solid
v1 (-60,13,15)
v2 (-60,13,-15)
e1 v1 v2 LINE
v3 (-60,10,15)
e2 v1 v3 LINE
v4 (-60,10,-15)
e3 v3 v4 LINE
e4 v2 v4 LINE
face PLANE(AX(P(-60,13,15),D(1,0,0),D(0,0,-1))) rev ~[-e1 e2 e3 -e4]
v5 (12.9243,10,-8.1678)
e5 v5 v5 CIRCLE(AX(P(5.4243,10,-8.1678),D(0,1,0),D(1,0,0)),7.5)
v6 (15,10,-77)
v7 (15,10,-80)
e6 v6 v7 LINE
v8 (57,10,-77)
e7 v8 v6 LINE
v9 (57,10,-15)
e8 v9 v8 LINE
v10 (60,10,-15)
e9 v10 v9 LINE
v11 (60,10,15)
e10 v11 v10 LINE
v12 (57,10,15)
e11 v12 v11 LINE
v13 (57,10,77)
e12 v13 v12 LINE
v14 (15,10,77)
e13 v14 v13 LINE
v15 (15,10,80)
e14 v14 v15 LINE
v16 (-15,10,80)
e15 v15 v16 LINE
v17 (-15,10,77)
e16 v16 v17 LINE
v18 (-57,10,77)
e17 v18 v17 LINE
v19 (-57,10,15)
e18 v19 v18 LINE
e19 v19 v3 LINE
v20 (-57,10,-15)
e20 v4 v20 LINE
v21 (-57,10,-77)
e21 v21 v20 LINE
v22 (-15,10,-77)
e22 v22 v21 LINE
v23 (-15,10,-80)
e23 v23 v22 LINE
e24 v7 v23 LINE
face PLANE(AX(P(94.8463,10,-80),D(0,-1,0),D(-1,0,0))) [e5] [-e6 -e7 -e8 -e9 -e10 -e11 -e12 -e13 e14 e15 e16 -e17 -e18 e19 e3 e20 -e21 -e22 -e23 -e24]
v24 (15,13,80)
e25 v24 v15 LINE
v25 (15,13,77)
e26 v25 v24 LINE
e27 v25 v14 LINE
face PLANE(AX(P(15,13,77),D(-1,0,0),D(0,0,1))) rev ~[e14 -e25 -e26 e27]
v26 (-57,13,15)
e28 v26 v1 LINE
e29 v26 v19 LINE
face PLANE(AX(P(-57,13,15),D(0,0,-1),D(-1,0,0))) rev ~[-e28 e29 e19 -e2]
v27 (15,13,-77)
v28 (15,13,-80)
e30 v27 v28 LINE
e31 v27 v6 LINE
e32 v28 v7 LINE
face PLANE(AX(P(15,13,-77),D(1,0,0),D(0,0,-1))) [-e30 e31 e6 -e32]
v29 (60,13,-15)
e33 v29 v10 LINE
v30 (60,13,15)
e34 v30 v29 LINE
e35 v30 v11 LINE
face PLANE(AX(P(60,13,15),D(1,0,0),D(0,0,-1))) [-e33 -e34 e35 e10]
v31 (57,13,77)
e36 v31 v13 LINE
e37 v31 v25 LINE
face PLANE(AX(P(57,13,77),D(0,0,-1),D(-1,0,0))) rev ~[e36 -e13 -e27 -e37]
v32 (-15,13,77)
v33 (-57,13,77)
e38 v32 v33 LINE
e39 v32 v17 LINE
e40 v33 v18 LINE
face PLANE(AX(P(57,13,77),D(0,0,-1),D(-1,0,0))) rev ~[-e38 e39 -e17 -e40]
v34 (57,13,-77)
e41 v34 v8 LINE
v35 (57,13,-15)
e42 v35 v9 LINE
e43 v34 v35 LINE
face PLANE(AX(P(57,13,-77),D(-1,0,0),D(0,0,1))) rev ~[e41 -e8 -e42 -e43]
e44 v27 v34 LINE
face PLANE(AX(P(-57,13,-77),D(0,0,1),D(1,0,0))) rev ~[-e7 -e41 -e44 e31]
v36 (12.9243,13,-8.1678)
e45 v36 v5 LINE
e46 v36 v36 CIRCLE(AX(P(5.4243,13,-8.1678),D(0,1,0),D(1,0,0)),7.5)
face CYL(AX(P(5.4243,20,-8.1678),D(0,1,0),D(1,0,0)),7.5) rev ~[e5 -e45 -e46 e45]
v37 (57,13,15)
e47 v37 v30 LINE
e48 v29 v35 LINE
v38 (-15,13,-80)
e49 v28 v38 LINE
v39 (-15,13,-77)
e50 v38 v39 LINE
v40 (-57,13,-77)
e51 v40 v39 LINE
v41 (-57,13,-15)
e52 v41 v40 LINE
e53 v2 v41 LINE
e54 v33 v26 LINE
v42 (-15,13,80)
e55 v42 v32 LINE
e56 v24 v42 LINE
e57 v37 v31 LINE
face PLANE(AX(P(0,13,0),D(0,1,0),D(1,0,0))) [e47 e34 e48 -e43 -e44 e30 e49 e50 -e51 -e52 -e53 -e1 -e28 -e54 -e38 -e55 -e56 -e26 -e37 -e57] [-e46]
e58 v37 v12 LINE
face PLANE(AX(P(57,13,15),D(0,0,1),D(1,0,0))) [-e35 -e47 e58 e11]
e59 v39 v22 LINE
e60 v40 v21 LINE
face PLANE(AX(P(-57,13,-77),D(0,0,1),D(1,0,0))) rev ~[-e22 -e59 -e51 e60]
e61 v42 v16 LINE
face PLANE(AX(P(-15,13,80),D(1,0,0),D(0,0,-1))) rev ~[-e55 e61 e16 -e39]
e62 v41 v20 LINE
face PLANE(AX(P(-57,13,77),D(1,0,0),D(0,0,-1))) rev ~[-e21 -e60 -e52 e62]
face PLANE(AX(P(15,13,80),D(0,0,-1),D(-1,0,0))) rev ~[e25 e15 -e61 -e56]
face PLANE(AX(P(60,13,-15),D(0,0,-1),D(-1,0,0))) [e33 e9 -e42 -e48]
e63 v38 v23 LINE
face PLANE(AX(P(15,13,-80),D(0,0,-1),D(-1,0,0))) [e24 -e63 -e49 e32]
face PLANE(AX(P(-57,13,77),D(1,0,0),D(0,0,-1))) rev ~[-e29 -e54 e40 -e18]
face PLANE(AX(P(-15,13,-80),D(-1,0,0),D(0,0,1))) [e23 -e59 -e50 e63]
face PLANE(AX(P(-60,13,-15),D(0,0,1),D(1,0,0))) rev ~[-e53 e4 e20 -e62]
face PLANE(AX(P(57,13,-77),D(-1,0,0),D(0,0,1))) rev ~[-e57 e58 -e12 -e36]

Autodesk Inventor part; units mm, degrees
ref_plane "YZ Plane" through (0, 0, 0) normal (1, 0, 0) x (0, 1, 0)
ref_plane "XZ Plane" through (0, 0, 0) normal (0, 1, 0) x (-1, 0, 0)
ref_plane "XY Plane" through (0, 0, 0) normal (0, 0, 1) x (1, 0, 0)
sketch "스케치1" plane through (0, 0, 0) normal (0, 1, 0) x (-1, 0, 0)
  line L0 (60, 80) -> (-60, 80)
  line L1 (-60, 80) -> (-60, -80)
  line L2 (-60, -80) -> (60, -80)
  line L3 (60, -80) -> (60, 80)
  line L4 (60, 80) -> (-60, -80) construction
  line L5 (-60, 80) -> (60, -80) construction
  point P0 (0, 0)
  dimension "d0" = 120
  dimension "d1" = 160
extrude "돌출1" add sketch "스케치1" along normal blind 60
sketch "스케치2" plane through (0, 60, 0) normal (0, 1, 0) x (1, 0, 0)
  line L0 (60, -80) -> (60, 80) projected
  line L1 (60, 80) -> (-60, 80) projected
  line L2 (55, 102.1646) -> (-55, 102.1646)
  line L3 (-55, 102.1646) -> (-55, -89.711)
  line L4 (-55, -89.711) -> (55, -89.711)
  line L5 (55, -89.711) -> (55, 102.1646)
  line L6 (-60, 80) -> (-60, -80) projected
  point P0 (0, 0)
  point P1 (55, 80)
  point P2 (-55, 80)
  dimension "d6" = 5
  dimension "d7" = 5
extrude "돌출2" cut sketch "스케치2" against normal blind 40 contours L5 L4 L3 L1
sketch "스케치12" plane through (60, 0, -80) normal (0, 0, -1) x (-1, 0, 0)
  line L0 (-34.8463, 10) -> (156.2634, 10)
  line L1 (156.2634, 10) -> (156.2634, -36.9465)
  line L2 (156.2634, -36.9465) -> (-34.8463, -36.9465)
  line L3 (-34.8463, -36.9465) -> (-34.8463, 10)
  line L4 (0, 0) -> (120, 0) projected
  point P0 (60, 0)
  dimension "d85" = 10
extrude "돌출10" cut sketch "스케치12" against normal through all
sketch "스케치13" plane through (-55, 20, 80) normal (0, 0, 1) x (1, 0, 0)
  line L0 (0, 40) -> (0, 0) projected
  line L1 (0, 0) -> (110, 0) projected
  line L2 (0, 40) -> (110, 40)
  line L3 (110, 40) -> (110, 0)
  line L4 (110, 0) -> (0, 0)
  line L5 (0, 0) -> (0, 40)
  point P0 (55, -20)
extrude "돌출11" add sketch "스케치13" against normal blind 5
sketch "스케치14" plane through (55, 20, -80) normal (0, 0, -1) x (-1, 0, 0)
  line L0 (0, 0) -> (0, 40) projected
  line L1 (110, 0) -> (0, 0) projected
  line L2 (0, 40) -> (110, 40)
  line L3 (110, 40) -> (110, 0)
  line L4 (110, 0) -> (0, 0)
  line L5 (0, 0) -> (0, 40)
  point P0 (55, -20)
extrude "돌출12" add sketch "스케치14" against normal blind 5
sketch "스케치15" plane through (60, 60, -80) normal (0, 0, -1) x (-1, 0, 0)
  point P0 (60, -60)
sketch "스케치16" plane through (60, 60, -80) normal (0, 0, -1) x (-1, 0, 0)
  point P0 (60, -60)
sketch "스케치21" plane through (0, 20, 0) normal (0, 1, 0) x (1, 0, 0)
  circle A0 centre (5.4243, 8.1678) radius 7.5
  line L0 (-49.3888, 17.2731) -> (-9.3888, 17.2731)
  line L1 (-9.3888, 17.2731) -> (-9.3888, 67.2731)
  line L2 (-9.3888, 67.2731) -> (-49.3888, 67.2731)
  line L3 (-49.3888, 67.2731) -> (-49.3888, 17.2731)
  point P0 (0, 0)
  dimension "d117" = 15
  dimension "d118" = 50
  dimension "d119" = 40
extrude "돌출15" cut sketch "스케치21" against normal through all contours A0
sketch "스케치24" plane through (0, 60, 0) normal (0, 1, 0) x (1, 0, 0)
  line L0 (-60, 80) -> (-60, -80) projected
  line L1 (60, 80) -> (-60, 80) projected
  line L2 (-60, -80) -> (60, -80)
  line L3 (60, -80) -> (60, 80)
  line L4 (60, 80) -> (-60, 80)
  line L5 (-60, 80) -> (-60, -80)
  point P0 (0, 0)
extrude "돌출17" cut sketch "스케치24" against normal blind 40
sketch "스케치25" plane through (60, 20, -80) normal (0, 0, -1) x (-1, 0, 0)
  point P0 (60, -20)
sketch "스케치26" plane through (0, 20, 0) normal (0, 1, 0) x (1, 0, 0)
  point P0 (0, 0)
sketch "스케치27" plane through (0, 20, 0) normal (0, 1, 0) x (1, 0, 0)
  line L0 (-60, -80) -> (-60, 80) projected
  line L1 (60, 80) -> (60, -80) projected
  line L2 (-60, -80) -> (60, -80)
  line L3 (60, -80) -> (60, 80)
  line L4 (60, 80) -> (-60, 80)
  line L5 (-60, 80) -> (-60, -80)
  point P0 (0, 0)
  point P1 (60, -80)
extrude "돌출18" cut sketch "스케치27" against normal blind 7
sketch "스케치30" plane through (0, 13, 0) normal (0, 1, 0) x (1, 0, 0)
  point P0 (0, 0)
sketch "스케치31" plane through (0, 13, 0) normal (0, 1, 0) x (1, 0, 0)
  line L0 (-60, -80) -> (-60, 80) projected
  line L1 (60, -80) -> (-60, -80) projected
  line L2 (60, 80) -> (60, -80) projected
  line L3 (-60, 80) -> (60, 80) projected
  line L4 (57, 77) -> (57, -77)
  line L5 (57, -77) -> (-57, -77)
  line L6 (-57, -77) -> (-57, 77)
  line L7 (-57, 77) -> (57, 77)
  point P0 (0, 0)
  dimension "d160" = 3
extrude "돌출21" cut sketch "스케치31" against normal through all
sketch "스케치32" plane through (0, 13, 0) normal (0, 1, 0) x (1, 0, 0)
  line L0 (-15, 68.5163) -> (15, 68.5163)
  line L1 (15, 68.5163) -> (15, 80)
  line L2 (15, 80) -> (-15, 80)
  line L3 (-15, 80) -> (-15, 68.5163)
  line L4 (57, 77) -> (-57, 77) projected
  line L5 (-57, 77) -> (-57, -77) projected
  line L6 (-57, 0) -> (57, 0)
  line L7 (-15, -68.5163) -> (15, -68.5163)
  line L8 (15, -68.5163) -> (15, -80)
  line L9 (15, -80) -> (-15, -80)
  line L10 (-15, -80) -> (-15, -68.5163)
  line L11 (-57, -77) -> (57, -77) projected
  point P0 (0, 0)
  point P1 (-15, 77)
  point P2 (15, 77)
  point P3 (15, -77)
  point P4 (-15, -77)
  dimension "d163" = 3
  dimension "d164" = 42
  dimension "d165" = 30
extrude "돌출22" add sketch "스케치32" against normal blind 3 contours L11 L8 L9 L10 | L3 L2 L1 L4
sketch "스케치33" plane through (0, 13, 0) normal (0, 1, 0) x (1, 0, 0)
  line L0 (44.1532, -15) -> (60, -15)
  line L1 (60, -15) -> (60, 15)
  line L2 (60, 15) -> (44.1532, 15)
  line L3 (44.1532, 15) -> (44.1532, -15)
  line L4 (57, -77) -> (57, 77) projected
  line L5 (57, 77) -> (15, 77) projected
  line L6 (-57, 77) -> (-57, -77) projected
  line L7 (-15, 80) -> (15, 80) projected
  line L8 (0, 80) -> (0, -80)
  line L9 (15, -80) -> (-15, -80) projected
  line L10 (-44.1532, -15) -> (-60, -15)
  line L11 (-60, -15) -> (-60, 15)
  line L12 (-60, 15) -> (-44.1532, 15)
  line L13 (-44.1532, 15) -> (-44.1532, -15)
  point P0 (0, 0)
  point P1 (57, 15)
  point P2 (57, -15)
  point P3 (-57, -15)
  point P4 (-57, 15)
  dimension "d168" = 3
  dimension "d169" = 30
  dimension "d170" = 62
extrude "돌출23" add sketch "스케치33" against normal blind 3 contours L4 L2 L1 L0 | L6 L10 L11 L12
sketch "스케치34" plane through (0, 13, 0) normal (0, 1, 0) x (1, 0, 0)
  point P0 (0, 0)
sketch "스케치35" plane through (0, 13, 0) normal (0, 1, 0) x (1, 0, 0)
  point P0 (0, 0)
properties part number "본체 밑판 레이저 커터"
